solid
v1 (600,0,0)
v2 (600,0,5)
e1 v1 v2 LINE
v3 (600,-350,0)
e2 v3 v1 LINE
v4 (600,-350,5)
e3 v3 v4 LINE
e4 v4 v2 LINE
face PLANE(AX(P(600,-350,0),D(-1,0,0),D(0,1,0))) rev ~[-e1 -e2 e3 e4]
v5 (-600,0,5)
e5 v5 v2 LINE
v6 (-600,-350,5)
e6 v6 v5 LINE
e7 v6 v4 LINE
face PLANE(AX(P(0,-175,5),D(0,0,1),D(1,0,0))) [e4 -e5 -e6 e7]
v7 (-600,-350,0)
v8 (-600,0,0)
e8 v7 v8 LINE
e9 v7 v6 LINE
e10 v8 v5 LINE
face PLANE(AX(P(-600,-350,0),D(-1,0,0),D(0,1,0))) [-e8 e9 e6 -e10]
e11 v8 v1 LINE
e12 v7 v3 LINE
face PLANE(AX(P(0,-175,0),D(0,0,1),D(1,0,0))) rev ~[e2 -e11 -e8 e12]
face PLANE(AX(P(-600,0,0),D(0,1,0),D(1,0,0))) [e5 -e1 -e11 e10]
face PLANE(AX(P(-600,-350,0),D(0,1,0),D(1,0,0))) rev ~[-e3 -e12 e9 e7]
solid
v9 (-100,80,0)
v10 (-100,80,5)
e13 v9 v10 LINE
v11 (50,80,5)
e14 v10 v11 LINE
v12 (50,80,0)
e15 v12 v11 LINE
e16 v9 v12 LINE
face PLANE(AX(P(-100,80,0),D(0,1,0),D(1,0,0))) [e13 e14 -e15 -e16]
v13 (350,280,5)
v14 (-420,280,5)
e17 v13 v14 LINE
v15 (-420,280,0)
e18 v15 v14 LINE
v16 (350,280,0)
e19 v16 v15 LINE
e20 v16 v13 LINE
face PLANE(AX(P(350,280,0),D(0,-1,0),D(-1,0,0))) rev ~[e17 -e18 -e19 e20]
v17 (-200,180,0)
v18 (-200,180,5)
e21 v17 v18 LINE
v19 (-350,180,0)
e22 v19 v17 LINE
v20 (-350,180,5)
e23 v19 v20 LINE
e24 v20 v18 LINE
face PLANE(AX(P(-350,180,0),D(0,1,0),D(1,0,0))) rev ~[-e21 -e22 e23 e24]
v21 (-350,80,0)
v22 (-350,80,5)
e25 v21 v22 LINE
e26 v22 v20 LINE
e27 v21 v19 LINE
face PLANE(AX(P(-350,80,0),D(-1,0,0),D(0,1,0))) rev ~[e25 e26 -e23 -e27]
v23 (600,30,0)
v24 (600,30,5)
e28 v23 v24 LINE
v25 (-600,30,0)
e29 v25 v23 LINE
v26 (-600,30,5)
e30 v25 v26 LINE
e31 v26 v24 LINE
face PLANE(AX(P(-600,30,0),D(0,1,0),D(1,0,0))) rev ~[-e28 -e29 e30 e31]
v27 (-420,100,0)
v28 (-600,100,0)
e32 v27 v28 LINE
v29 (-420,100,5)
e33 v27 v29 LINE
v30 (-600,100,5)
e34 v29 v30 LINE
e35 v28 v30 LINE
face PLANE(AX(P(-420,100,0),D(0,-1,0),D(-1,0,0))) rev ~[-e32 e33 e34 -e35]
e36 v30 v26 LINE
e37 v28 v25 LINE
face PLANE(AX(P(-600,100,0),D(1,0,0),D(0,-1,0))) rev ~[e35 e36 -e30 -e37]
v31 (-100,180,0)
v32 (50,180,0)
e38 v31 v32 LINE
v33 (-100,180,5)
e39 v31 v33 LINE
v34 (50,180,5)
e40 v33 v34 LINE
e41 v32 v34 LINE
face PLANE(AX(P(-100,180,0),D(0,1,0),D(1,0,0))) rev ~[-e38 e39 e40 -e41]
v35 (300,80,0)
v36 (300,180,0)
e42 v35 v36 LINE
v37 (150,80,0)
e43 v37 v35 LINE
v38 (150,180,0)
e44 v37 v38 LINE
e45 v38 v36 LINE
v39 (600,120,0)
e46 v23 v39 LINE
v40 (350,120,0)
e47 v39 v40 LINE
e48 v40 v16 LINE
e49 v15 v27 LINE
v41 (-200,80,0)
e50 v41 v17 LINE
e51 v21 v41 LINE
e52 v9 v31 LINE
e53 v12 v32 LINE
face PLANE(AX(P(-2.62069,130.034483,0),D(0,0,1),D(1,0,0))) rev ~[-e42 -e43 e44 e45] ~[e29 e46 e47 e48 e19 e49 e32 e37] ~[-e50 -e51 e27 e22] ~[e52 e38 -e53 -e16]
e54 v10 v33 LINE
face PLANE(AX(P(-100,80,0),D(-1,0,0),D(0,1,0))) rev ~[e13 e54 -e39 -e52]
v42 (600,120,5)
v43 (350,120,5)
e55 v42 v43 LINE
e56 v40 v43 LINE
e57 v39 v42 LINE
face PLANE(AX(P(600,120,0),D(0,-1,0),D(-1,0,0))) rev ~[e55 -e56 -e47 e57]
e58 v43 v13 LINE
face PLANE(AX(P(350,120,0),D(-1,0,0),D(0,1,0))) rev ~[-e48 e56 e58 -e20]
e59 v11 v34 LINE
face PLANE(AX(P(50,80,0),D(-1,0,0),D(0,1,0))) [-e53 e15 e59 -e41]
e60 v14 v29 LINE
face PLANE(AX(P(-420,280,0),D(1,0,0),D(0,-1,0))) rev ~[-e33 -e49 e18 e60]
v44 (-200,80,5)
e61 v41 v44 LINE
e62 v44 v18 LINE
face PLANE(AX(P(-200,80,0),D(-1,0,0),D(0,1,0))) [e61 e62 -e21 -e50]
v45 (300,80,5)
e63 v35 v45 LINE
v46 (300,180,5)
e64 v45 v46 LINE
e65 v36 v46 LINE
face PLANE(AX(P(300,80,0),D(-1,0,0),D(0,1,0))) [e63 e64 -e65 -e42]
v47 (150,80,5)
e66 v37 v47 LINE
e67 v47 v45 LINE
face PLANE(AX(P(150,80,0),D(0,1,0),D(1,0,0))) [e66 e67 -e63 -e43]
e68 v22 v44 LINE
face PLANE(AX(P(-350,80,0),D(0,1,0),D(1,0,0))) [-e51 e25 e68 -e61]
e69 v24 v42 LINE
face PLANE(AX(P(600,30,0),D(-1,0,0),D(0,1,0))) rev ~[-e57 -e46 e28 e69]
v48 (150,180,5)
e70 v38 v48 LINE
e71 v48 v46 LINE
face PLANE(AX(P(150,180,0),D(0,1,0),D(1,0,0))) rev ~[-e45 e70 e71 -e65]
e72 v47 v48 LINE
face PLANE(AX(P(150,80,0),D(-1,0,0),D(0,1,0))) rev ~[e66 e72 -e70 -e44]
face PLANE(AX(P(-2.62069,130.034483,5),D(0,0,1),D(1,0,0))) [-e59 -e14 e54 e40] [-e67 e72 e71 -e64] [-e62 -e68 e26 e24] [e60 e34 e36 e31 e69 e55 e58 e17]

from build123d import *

# Parameters (mm, degrees)
F0_W     = 1200
F0_H     = 350
F0_W_2   = 150
F0_H_2   = 100
F1_DEPTH = 5


with BuildPart() as f1:
    # F0 (on Top) → F1 (new body)
    with BuildSketch(Plane.XY):
        with Locations((0, -175)):
            Rectangle(F0_W, F0_H)
        Polygon((-600, 100), (-600, 30), (600, 30), (600, 120), (350, 120), (350, 280), (-420, 280), (-420, 100), align=None)
        with Locations((-275, 130)):
            Rectangle(F0_W_2, F0_H_2, mode=Mode.SUBTRACT)
        with Locations((-25, 130)):
            Rectangle(F0_W_2, F0_H_2, mode=Mode.SUBTRACT)
        with Locations((225, 130)):
            Rectangle(F0_W_2, F0_H_2, mode=Mode.SUBTRACT)
    extrude(amount=F1_DEPTH)


solid = f1.part
